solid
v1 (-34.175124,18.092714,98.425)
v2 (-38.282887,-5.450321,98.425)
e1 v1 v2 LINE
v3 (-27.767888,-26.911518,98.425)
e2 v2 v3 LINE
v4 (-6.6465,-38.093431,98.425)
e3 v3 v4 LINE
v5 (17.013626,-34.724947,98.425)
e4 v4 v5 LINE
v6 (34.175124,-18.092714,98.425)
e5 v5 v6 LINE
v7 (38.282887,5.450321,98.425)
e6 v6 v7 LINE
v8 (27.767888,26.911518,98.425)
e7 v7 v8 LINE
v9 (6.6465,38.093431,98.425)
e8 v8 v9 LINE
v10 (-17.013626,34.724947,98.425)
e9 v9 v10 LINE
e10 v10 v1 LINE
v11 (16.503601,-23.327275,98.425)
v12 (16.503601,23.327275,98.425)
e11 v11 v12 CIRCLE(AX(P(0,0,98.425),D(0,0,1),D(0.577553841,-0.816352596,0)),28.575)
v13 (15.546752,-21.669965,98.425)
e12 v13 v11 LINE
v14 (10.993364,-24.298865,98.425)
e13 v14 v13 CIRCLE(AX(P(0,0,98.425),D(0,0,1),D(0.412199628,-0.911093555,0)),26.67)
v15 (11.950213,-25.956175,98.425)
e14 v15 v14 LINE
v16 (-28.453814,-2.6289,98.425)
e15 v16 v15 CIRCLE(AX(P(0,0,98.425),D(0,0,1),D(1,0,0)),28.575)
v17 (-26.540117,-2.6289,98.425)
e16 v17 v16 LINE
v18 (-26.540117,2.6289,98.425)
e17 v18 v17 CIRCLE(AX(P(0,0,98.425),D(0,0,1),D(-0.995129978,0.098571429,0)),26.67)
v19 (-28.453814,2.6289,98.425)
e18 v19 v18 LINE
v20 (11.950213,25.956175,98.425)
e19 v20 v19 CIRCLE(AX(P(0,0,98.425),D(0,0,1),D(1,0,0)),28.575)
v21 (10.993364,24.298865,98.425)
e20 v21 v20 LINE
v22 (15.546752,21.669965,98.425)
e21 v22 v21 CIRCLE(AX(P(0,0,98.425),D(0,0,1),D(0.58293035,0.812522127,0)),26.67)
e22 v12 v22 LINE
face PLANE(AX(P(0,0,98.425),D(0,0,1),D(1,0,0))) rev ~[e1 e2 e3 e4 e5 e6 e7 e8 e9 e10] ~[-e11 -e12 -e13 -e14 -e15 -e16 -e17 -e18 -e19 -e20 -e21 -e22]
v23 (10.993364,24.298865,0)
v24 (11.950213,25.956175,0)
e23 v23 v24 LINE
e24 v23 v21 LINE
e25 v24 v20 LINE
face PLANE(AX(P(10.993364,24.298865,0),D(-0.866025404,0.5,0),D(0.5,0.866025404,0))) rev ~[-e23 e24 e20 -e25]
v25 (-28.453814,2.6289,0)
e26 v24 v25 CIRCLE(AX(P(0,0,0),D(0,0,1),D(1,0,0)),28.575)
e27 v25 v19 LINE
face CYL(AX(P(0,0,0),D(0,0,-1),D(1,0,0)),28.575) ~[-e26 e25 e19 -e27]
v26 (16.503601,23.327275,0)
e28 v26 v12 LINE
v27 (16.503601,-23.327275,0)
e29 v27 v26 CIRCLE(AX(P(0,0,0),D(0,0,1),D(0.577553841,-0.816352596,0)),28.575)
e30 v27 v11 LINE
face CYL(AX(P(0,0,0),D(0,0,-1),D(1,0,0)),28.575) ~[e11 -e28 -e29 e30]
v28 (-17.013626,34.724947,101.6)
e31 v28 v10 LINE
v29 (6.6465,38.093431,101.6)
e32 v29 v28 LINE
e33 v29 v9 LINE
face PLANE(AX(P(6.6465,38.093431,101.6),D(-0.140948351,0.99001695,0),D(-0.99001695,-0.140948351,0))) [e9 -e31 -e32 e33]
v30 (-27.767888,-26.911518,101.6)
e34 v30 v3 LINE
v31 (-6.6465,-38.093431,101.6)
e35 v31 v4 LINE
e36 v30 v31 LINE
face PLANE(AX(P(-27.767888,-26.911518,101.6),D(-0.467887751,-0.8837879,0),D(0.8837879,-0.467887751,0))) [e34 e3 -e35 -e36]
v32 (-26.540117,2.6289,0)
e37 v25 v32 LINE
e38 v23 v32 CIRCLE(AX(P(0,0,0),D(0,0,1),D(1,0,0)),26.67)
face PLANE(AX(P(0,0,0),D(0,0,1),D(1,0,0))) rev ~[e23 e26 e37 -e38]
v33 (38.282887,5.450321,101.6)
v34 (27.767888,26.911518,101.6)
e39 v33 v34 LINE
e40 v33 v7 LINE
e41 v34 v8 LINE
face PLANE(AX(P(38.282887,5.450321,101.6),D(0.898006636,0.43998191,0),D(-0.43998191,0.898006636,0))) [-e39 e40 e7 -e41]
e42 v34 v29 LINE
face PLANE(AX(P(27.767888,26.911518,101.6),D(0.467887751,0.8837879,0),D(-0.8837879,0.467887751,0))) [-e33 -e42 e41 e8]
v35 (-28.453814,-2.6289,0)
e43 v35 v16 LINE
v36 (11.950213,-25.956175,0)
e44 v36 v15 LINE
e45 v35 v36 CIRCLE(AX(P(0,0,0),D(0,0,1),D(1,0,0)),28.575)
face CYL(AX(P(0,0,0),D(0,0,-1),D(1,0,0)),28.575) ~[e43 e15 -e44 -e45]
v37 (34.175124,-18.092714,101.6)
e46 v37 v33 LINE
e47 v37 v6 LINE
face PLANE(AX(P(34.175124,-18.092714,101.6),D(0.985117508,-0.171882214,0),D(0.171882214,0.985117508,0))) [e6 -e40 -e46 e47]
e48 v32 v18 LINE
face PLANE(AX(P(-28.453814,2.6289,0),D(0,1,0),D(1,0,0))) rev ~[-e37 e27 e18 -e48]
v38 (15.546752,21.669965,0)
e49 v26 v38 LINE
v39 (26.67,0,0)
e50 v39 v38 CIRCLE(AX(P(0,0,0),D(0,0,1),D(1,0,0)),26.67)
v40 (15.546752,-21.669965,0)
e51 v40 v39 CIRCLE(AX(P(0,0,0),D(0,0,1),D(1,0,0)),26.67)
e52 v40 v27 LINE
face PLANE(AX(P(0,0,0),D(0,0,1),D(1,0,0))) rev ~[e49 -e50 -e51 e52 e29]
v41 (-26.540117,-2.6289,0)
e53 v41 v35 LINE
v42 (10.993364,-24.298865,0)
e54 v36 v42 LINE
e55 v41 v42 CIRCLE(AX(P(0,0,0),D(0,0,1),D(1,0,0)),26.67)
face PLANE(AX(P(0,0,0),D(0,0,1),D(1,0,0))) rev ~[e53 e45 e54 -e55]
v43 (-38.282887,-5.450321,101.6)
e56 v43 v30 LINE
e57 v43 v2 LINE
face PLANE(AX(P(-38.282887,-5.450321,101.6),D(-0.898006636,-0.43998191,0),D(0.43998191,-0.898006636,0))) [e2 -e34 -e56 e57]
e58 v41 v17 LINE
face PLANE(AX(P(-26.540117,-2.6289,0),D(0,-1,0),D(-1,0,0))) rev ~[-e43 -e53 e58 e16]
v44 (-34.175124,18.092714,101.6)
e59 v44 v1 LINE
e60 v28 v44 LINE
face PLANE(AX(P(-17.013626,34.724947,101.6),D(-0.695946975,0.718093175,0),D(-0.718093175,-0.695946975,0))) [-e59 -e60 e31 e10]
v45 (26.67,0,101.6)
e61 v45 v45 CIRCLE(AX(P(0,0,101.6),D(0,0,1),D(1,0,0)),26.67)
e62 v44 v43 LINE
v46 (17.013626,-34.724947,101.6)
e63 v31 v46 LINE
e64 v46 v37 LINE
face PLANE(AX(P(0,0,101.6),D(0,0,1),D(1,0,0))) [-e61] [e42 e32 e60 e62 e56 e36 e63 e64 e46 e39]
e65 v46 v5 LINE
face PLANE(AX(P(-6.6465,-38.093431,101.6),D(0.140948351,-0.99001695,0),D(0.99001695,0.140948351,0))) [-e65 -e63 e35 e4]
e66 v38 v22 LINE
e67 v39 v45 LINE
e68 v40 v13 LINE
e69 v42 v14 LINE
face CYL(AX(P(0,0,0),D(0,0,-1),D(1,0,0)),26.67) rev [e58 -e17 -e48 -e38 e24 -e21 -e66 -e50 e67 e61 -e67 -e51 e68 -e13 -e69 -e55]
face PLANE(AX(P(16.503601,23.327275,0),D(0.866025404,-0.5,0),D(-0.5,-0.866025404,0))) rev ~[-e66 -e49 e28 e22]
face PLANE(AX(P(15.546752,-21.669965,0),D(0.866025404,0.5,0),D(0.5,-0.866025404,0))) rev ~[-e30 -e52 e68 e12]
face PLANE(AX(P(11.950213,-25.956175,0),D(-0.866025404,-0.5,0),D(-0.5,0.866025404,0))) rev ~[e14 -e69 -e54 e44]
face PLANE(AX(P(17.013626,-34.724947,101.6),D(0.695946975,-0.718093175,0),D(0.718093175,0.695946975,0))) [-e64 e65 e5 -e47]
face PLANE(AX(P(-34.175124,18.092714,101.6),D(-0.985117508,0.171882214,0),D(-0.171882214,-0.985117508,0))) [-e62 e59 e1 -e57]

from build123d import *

# Parameters (mm, degrees)
F0_R     = 28.575
F0_R_2   = 26.67
F1_DEPTH = 101.6
F2_R     = 28.575
F3_DEPTH = 3.175
F5_DEPTH = 98.425


with BuildPart() as f1:
    # F0 (on Top) → F1 (new body)
    with BuildSketch(Plane.XY):
        Circle(F0_R)
        Circle(F0_R_2, mode=Mode.SUBTRACT)
    extrude(amount=F1_DEPTH)

    # F2 (on face) → F3 (join)
    with BuildSketch(Plane.XY.offset(101.6)):
        Polygon((-17.0136255064, 34.7249471966), (-34.1751240194, 18.0927142501), (-38.2828867267, -5.4503205912), (-27.7678878919, -26.9115182162), (-6.6464996782, -38.0934305715), (17.0136255064, -34.7249471966), (34.1751240194, -18.0927142501), (38.2828867267, 5.4503205912), (27.7678878919, 26.9115182162), (6.6464996782, 38.0934305715), align=None)
        Circle(F2_R, mode=Mode.SUBTRACT)
    extrude(amount=-F3_DEPTH)

    # F4 (on face) → F5 (cut)
    with BuildSketch(Plane(origin=(0, 0, 0), x_dir=(1, 0, 0), z_dir=(0, 0, -1))):
        with BuildLine():
            Line((16.5036009964, -23.3272754336), (15.546752443, -21.669965124))
            ThreePointArc((15.546752443, -21.669965124), (13.335, -23.0968975189), (10.993364075, -24.298865124))
            Line((10.993364075, -24.298865124), (11.9502126283, -25.9561754336))
            ThreePointArc((11.9502126283, -25.9561754336), (14.2875, -24.7466759131), (16.5036009964, -23.3272754336))
        make_face()
        with BuildLine():
            ThreePointArc((10.993364075, 24.298865124), (13.335, 23.0968975189), (15.546752443, 21.669965124))
            Line((15.546752443, 21.669965124), (16.5036009964, 23.3272754336))
            ThreePointArc((16.5036009964, 23.3272754336), (14.2875, 24.7466759131), (11.9502126283, 25.9561754336))
            Line((11.9502126283, 25.9561754336), (10.993364075, 24.298865124))
        make_face()
        with BuildLine():
            Line((-28.4538136247, -2.6289), (-26.540116518, -2.6289))
            ThreePointArc((-26.540116518, -2.6289), (-26.67, 0), (-26.540116518, 2.6289))
            Line((-26.540116518, 2.6289), (-28.4538136247, 2.6289))
            ThreePointArc((-28.4538136247, 2.6289), (-28.575, 0), (-28.4538136247, -2.6289))
        make_face()
    extrude(amount=-F5_DEPTH, mode=Mode.SUBTRACT)


solid = f1.part
